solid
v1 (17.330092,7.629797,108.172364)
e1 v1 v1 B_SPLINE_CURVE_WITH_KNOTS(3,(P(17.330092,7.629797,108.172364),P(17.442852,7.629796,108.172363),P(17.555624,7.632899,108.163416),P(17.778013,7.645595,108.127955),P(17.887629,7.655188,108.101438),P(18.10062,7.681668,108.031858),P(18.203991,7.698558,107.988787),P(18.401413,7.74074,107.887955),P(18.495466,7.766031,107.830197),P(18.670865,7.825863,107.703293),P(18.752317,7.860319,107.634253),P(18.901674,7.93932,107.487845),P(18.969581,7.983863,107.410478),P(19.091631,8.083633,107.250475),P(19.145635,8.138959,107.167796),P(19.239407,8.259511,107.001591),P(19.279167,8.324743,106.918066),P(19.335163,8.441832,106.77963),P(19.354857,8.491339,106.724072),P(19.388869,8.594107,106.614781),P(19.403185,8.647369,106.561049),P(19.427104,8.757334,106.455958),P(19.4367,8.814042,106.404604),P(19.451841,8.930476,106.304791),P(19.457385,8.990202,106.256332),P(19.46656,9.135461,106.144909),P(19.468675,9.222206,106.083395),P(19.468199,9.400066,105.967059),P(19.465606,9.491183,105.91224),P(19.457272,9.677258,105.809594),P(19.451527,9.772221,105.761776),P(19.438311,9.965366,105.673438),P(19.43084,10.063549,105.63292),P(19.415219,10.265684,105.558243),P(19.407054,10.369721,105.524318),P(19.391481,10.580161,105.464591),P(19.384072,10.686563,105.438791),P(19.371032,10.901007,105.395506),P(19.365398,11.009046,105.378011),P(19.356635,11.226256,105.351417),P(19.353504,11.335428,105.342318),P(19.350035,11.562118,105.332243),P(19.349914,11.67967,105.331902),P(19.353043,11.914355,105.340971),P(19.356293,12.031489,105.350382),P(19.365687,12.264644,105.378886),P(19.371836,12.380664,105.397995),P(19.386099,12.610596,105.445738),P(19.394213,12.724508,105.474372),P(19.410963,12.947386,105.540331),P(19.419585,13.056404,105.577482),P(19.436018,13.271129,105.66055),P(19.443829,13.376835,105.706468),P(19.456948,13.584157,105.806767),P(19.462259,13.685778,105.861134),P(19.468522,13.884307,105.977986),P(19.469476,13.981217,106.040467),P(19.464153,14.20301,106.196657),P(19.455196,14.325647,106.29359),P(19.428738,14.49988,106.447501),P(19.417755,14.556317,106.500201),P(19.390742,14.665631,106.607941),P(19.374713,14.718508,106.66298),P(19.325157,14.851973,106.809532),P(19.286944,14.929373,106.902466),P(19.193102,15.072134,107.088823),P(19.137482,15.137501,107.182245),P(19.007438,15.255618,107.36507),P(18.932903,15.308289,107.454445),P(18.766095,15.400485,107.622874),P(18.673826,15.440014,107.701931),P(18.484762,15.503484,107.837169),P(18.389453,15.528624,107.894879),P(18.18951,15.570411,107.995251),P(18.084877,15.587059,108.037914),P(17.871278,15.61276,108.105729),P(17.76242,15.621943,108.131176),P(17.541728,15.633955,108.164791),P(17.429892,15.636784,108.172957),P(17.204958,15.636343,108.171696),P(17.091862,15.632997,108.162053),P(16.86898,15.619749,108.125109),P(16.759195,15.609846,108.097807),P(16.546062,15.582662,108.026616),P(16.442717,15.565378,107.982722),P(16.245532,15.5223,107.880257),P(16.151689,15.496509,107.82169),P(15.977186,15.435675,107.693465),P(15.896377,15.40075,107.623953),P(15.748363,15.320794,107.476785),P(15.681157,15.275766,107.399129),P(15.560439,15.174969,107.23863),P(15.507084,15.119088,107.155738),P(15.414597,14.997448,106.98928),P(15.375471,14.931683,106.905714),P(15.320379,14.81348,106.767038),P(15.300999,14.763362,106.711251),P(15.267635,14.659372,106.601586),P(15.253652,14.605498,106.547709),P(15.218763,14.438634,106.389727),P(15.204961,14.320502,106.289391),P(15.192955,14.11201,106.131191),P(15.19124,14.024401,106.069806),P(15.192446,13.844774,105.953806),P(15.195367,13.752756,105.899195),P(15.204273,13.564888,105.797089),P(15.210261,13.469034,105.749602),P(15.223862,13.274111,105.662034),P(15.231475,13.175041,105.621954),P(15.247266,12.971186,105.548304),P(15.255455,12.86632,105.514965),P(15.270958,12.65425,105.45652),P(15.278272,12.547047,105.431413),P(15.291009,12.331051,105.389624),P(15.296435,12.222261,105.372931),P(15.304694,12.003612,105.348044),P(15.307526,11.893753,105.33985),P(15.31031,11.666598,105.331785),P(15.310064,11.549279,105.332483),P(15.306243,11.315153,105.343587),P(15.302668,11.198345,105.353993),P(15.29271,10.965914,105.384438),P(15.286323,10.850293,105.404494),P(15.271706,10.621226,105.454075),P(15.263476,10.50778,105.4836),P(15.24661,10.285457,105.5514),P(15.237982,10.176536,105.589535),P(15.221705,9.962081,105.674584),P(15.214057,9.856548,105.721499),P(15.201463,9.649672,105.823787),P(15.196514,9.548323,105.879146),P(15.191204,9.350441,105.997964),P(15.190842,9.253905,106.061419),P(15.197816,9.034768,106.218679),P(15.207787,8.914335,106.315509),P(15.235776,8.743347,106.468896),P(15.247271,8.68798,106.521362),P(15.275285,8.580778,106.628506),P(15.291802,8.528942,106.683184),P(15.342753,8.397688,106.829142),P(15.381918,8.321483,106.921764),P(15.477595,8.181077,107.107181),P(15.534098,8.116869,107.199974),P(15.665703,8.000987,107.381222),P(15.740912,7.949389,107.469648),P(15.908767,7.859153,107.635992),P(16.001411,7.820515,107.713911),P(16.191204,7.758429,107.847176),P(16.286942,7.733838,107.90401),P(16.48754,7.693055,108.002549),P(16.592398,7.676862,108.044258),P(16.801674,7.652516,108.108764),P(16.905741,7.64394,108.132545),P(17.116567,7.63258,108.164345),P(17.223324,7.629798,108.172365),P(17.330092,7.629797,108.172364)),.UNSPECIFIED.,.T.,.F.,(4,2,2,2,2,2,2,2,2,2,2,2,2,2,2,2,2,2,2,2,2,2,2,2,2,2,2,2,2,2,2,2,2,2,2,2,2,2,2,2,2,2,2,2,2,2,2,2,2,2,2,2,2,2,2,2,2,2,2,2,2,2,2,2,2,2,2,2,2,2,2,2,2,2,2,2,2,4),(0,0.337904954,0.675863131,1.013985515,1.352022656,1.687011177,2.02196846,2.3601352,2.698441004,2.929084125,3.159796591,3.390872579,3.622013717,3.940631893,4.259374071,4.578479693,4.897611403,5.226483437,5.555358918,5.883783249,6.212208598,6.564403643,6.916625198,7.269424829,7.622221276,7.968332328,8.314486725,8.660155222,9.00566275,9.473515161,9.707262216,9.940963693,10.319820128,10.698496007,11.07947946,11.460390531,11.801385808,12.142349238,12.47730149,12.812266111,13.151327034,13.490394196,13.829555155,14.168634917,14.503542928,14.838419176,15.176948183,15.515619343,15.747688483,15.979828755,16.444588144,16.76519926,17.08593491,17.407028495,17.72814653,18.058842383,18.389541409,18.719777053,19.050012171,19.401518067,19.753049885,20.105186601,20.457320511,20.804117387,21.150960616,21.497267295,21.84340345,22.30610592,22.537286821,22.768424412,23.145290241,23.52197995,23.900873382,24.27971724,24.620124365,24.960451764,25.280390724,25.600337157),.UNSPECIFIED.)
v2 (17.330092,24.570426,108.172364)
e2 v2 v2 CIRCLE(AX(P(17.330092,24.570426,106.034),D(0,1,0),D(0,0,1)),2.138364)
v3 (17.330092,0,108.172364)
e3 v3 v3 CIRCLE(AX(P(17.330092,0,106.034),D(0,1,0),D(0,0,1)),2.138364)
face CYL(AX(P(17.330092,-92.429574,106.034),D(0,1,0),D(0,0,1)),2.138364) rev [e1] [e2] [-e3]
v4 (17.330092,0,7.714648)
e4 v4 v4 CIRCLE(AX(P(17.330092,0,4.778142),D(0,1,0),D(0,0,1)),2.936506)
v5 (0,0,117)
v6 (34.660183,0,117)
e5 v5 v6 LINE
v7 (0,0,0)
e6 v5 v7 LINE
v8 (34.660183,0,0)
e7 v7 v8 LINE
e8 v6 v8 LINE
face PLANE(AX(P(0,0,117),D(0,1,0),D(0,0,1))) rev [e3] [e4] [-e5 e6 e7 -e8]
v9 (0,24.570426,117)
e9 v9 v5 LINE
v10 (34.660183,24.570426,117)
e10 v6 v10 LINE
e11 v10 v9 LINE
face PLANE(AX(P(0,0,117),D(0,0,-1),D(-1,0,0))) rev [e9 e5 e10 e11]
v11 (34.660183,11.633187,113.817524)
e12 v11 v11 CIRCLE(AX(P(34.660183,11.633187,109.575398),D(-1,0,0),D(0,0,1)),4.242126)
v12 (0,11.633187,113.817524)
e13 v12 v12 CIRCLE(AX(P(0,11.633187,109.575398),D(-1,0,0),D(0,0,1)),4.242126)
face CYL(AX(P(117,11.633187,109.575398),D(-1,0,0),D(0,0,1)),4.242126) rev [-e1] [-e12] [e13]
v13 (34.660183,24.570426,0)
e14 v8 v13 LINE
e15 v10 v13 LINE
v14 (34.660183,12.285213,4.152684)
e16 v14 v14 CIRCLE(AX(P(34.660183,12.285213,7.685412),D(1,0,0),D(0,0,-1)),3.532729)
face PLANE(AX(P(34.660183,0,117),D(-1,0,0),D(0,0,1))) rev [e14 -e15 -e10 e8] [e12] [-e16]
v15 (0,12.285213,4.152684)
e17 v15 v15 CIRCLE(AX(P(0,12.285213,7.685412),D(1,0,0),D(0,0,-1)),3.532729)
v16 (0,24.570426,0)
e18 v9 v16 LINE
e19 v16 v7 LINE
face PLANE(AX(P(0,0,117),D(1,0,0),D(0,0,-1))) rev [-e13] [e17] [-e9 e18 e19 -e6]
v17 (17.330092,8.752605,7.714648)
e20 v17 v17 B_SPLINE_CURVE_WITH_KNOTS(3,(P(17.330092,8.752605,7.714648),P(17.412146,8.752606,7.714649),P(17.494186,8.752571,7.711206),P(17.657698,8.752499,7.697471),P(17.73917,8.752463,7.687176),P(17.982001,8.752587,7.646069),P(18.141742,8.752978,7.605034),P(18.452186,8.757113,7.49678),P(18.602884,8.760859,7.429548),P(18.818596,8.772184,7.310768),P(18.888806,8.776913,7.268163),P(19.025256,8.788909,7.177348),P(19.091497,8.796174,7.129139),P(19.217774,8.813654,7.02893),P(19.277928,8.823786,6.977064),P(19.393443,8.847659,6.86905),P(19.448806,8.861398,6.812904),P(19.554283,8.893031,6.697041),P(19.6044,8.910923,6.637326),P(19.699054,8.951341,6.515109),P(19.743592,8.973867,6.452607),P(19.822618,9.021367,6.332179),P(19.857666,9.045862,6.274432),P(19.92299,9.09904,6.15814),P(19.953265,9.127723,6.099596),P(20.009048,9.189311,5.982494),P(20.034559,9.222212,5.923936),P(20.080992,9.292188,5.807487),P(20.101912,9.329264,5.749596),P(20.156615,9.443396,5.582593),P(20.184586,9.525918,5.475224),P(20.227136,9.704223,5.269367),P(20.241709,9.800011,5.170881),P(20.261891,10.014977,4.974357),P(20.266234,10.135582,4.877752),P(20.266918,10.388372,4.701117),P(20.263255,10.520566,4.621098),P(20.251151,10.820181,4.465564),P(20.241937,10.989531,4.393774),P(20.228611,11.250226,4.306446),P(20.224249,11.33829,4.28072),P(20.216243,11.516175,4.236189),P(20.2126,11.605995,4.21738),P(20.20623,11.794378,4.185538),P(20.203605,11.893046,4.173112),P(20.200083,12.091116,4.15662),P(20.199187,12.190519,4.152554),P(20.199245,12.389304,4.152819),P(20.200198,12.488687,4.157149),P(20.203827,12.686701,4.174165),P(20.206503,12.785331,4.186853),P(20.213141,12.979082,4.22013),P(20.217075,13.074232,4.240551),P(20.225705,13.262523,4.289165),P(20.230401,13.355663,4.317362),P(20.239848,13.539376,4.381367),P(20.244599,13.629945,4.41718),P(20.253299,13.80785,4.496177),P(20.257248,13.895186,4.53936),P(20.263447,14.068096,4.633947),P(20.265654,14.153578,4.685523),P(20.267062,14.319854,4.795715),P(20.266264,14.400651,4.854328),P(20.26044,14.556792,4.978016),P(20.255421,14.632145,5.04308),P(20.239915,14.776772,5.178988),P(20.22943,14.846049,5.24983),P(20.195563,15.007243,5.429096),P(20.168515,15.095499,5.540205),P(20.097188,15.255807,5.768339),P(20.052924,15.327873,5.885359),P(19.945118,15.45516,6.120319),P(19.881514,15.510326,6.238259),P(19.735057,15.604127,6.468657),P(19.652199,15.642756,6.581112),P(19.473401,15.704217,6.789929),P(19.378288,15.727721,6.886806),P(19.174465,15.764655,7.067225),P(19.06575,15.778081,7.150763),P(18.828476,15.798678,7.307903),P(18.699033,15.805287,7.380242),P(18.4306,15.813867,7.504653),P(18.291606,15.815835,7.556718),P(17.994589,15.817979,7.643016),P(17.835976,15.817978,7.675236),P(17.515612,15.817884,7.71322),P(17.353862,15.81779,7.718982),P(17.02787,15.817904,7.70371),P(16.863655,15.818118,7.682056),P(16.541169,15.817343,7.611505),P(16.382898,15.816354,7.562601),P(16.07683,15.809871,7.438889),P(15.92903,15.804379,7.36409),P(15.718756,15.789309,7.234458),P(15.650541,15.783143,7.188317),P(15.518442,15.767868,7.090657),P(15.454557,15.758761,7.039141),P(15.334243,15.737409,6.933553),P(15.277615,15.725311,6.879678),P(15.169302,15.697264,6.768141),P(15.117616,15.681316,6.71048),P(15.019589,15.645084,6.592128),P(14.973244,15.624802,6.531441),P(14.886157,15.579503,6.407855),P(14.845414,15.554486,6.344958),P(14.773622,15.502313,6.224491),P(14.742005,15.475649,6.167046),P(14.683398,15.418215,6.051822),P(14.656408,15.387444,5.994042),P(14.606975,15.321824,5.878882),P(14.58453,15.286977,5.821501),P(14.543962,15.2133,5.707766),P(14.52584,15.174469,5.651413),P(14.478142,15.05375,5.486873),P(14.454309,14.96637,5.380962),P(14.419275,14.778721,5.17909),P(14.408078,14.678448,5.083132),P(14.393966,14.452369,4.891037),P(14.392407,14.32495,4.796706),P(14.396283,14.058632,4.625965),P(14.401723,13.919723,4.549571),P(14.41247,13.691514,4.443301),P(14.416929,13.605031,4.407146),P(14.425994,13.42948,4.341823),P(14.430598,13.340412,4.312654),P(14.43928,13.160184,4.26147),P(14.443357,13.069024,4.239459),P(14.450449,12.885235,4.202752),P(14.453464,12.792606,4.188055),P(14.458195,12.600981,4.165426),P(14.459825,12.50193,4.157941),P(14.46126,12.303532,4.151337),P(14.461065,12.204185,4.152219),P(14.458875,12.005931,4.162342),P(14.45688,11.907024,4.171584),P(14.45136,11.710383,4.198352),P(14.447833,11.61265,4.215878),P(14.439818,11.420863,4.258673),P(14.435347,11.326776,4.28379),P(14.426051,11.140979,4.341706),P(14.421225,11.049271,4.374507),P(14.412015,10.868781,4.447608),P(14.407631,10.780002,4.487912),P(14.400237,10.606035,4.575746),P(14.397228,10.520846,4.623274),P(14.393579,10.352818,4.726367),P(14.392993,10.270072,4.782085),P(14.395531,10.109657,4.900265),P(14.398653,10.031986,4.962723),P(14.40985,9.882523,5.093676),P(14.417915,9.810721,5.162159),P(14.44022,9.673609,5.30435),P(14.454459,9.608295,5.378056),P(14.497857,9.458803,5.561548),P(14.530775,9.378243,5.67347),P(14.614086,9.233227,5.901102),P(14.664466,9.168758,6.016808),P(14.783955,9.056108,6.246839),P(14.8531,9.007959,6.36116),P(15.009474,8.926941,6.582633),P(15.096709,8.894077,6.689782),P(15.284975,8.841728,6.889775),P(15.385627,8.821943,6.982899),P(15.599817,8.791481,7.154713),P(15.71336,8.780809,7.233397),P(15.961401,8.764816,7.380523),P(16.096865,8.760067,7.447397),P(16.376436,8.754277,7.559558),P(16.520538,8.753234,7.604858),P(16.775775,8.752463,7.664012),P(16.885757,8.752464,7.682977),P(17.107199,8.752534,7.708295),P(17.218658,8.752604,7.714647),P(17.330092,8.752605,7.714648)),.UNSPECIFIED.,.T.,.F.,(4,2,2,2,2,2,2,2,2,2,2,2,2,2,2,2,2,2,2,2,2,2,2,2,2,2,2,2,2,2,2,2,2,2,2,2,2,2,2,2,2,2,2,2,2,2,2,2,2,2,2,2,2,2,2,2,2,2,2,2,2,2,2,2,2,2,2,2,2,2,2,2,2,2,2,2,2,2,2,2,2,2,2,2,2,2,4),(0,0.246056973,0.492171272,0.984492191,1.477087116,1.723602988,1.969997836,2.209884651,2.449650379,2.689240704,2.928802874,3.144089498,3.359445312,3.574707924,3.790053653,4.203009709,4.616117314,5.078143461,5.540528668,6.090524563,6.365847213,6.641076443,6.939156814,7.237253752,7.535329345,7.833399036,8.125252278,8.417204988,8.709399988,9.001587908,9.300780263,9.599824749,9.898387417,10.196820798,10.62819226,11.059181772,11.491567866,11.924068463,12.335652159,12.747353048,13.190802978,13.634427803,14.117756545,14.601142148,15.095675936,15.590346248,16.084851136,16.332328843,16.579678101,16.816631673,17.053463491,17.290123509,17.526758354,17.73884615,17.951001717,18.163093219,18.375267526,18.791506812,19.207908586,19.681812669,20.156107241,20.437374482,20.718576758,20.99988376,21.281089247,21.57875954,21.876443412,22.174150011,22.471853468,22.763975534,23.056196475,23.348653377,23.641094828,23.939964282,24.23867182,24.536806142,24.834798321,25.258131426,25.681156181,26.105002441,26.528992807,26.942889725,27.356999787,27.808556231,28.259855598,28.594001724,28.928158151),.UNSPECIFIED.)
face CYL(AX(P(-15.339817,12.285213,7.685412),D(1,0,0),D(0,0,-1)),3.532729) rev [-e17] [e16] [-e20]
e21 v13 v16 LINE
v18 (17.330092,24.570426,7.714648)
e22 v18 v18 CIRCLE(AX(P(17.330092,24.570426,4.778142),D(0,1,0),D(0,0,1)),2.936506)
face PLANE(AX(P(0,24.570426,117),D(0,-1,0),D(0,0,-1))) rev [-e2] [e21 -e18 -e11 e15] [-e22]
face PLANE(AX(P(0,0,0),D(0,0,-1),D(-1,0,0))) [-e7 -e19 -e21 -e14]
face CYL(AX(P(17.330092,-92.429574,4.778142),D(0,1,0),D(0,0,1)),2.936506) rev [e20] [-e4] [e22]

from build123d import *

# Parameters (mm, degrees)
SKETCH_1_W          = 34.660183122
SKETCH_1_H          = 24.57042631
EXTRUDE_1_DEPTH     = 117
SKETCH_2_R          = 2.936506095
SKETCH_2_R_2        = 2.138363717
CUT_EXTRUDE_1_DEPTH = 117
SKETCH_3_R          = 4.242126228
CUT_EXTRUDE_2_DEPTH = 117
SKETCH_4_R          = 3.532728848
CUT_EXTRUDE_3_DEPTH = 50


with BuildPart() as part:
    # 草图1 → 凸台-拉伸1 (new body)
    with BuildSketch(Plane.XY):
        with Locations((17.330091561, 12.285213155)):
            Rectangle(SKETCH_1_W, SKETCH_1_H)
    extrude(amount=EXTRUDE_1_DEPTH)

    # 草图2 → 切除-拉伸1 (cut)
    with BuildSketch(Plane(origin=(0, 24.57042631, 0), x_dir=(1, 0, 0), z_dir=(0, 1, 0))):
        with Locations((17.330091561, -4.778141965)):
            Circle(SKETCH_2_R)
        with Locations((17.330091561, -106.034000041)):
            Circle(SKETCH_2_R_2)
    extrude(amount=-CUT_EXTRUDE_1_DEPTH, mode=Mode.SUBTRACT)

    # 草图3 → 切除-拉伸2 (cut)
    with BuildSketch(Plane.ZY):
        with Locations((109.575398108, 11.633186796)):
            Circle(SKETCH_3_R)
    extrude(amount=-CUT_EXTRUDE_2_DEPTH, mode=Mode.SUBTRACT)

    # 草图4 → 切除-拉伸3 (cut)
    with BuildSketch(Plane(origin=(34.660183122, 0, 0), x_dir=(0, 0, -1), z_dir=(1, 0, 0))):
        with Locations((-7.685412436, 12.285213155)):
            Circle(SKETCH_4_R)
    extrude(amount=-CUT_EXTRUDE_3_DEPTH, mode=Mode.SUBTRACT)


solid = part.part
